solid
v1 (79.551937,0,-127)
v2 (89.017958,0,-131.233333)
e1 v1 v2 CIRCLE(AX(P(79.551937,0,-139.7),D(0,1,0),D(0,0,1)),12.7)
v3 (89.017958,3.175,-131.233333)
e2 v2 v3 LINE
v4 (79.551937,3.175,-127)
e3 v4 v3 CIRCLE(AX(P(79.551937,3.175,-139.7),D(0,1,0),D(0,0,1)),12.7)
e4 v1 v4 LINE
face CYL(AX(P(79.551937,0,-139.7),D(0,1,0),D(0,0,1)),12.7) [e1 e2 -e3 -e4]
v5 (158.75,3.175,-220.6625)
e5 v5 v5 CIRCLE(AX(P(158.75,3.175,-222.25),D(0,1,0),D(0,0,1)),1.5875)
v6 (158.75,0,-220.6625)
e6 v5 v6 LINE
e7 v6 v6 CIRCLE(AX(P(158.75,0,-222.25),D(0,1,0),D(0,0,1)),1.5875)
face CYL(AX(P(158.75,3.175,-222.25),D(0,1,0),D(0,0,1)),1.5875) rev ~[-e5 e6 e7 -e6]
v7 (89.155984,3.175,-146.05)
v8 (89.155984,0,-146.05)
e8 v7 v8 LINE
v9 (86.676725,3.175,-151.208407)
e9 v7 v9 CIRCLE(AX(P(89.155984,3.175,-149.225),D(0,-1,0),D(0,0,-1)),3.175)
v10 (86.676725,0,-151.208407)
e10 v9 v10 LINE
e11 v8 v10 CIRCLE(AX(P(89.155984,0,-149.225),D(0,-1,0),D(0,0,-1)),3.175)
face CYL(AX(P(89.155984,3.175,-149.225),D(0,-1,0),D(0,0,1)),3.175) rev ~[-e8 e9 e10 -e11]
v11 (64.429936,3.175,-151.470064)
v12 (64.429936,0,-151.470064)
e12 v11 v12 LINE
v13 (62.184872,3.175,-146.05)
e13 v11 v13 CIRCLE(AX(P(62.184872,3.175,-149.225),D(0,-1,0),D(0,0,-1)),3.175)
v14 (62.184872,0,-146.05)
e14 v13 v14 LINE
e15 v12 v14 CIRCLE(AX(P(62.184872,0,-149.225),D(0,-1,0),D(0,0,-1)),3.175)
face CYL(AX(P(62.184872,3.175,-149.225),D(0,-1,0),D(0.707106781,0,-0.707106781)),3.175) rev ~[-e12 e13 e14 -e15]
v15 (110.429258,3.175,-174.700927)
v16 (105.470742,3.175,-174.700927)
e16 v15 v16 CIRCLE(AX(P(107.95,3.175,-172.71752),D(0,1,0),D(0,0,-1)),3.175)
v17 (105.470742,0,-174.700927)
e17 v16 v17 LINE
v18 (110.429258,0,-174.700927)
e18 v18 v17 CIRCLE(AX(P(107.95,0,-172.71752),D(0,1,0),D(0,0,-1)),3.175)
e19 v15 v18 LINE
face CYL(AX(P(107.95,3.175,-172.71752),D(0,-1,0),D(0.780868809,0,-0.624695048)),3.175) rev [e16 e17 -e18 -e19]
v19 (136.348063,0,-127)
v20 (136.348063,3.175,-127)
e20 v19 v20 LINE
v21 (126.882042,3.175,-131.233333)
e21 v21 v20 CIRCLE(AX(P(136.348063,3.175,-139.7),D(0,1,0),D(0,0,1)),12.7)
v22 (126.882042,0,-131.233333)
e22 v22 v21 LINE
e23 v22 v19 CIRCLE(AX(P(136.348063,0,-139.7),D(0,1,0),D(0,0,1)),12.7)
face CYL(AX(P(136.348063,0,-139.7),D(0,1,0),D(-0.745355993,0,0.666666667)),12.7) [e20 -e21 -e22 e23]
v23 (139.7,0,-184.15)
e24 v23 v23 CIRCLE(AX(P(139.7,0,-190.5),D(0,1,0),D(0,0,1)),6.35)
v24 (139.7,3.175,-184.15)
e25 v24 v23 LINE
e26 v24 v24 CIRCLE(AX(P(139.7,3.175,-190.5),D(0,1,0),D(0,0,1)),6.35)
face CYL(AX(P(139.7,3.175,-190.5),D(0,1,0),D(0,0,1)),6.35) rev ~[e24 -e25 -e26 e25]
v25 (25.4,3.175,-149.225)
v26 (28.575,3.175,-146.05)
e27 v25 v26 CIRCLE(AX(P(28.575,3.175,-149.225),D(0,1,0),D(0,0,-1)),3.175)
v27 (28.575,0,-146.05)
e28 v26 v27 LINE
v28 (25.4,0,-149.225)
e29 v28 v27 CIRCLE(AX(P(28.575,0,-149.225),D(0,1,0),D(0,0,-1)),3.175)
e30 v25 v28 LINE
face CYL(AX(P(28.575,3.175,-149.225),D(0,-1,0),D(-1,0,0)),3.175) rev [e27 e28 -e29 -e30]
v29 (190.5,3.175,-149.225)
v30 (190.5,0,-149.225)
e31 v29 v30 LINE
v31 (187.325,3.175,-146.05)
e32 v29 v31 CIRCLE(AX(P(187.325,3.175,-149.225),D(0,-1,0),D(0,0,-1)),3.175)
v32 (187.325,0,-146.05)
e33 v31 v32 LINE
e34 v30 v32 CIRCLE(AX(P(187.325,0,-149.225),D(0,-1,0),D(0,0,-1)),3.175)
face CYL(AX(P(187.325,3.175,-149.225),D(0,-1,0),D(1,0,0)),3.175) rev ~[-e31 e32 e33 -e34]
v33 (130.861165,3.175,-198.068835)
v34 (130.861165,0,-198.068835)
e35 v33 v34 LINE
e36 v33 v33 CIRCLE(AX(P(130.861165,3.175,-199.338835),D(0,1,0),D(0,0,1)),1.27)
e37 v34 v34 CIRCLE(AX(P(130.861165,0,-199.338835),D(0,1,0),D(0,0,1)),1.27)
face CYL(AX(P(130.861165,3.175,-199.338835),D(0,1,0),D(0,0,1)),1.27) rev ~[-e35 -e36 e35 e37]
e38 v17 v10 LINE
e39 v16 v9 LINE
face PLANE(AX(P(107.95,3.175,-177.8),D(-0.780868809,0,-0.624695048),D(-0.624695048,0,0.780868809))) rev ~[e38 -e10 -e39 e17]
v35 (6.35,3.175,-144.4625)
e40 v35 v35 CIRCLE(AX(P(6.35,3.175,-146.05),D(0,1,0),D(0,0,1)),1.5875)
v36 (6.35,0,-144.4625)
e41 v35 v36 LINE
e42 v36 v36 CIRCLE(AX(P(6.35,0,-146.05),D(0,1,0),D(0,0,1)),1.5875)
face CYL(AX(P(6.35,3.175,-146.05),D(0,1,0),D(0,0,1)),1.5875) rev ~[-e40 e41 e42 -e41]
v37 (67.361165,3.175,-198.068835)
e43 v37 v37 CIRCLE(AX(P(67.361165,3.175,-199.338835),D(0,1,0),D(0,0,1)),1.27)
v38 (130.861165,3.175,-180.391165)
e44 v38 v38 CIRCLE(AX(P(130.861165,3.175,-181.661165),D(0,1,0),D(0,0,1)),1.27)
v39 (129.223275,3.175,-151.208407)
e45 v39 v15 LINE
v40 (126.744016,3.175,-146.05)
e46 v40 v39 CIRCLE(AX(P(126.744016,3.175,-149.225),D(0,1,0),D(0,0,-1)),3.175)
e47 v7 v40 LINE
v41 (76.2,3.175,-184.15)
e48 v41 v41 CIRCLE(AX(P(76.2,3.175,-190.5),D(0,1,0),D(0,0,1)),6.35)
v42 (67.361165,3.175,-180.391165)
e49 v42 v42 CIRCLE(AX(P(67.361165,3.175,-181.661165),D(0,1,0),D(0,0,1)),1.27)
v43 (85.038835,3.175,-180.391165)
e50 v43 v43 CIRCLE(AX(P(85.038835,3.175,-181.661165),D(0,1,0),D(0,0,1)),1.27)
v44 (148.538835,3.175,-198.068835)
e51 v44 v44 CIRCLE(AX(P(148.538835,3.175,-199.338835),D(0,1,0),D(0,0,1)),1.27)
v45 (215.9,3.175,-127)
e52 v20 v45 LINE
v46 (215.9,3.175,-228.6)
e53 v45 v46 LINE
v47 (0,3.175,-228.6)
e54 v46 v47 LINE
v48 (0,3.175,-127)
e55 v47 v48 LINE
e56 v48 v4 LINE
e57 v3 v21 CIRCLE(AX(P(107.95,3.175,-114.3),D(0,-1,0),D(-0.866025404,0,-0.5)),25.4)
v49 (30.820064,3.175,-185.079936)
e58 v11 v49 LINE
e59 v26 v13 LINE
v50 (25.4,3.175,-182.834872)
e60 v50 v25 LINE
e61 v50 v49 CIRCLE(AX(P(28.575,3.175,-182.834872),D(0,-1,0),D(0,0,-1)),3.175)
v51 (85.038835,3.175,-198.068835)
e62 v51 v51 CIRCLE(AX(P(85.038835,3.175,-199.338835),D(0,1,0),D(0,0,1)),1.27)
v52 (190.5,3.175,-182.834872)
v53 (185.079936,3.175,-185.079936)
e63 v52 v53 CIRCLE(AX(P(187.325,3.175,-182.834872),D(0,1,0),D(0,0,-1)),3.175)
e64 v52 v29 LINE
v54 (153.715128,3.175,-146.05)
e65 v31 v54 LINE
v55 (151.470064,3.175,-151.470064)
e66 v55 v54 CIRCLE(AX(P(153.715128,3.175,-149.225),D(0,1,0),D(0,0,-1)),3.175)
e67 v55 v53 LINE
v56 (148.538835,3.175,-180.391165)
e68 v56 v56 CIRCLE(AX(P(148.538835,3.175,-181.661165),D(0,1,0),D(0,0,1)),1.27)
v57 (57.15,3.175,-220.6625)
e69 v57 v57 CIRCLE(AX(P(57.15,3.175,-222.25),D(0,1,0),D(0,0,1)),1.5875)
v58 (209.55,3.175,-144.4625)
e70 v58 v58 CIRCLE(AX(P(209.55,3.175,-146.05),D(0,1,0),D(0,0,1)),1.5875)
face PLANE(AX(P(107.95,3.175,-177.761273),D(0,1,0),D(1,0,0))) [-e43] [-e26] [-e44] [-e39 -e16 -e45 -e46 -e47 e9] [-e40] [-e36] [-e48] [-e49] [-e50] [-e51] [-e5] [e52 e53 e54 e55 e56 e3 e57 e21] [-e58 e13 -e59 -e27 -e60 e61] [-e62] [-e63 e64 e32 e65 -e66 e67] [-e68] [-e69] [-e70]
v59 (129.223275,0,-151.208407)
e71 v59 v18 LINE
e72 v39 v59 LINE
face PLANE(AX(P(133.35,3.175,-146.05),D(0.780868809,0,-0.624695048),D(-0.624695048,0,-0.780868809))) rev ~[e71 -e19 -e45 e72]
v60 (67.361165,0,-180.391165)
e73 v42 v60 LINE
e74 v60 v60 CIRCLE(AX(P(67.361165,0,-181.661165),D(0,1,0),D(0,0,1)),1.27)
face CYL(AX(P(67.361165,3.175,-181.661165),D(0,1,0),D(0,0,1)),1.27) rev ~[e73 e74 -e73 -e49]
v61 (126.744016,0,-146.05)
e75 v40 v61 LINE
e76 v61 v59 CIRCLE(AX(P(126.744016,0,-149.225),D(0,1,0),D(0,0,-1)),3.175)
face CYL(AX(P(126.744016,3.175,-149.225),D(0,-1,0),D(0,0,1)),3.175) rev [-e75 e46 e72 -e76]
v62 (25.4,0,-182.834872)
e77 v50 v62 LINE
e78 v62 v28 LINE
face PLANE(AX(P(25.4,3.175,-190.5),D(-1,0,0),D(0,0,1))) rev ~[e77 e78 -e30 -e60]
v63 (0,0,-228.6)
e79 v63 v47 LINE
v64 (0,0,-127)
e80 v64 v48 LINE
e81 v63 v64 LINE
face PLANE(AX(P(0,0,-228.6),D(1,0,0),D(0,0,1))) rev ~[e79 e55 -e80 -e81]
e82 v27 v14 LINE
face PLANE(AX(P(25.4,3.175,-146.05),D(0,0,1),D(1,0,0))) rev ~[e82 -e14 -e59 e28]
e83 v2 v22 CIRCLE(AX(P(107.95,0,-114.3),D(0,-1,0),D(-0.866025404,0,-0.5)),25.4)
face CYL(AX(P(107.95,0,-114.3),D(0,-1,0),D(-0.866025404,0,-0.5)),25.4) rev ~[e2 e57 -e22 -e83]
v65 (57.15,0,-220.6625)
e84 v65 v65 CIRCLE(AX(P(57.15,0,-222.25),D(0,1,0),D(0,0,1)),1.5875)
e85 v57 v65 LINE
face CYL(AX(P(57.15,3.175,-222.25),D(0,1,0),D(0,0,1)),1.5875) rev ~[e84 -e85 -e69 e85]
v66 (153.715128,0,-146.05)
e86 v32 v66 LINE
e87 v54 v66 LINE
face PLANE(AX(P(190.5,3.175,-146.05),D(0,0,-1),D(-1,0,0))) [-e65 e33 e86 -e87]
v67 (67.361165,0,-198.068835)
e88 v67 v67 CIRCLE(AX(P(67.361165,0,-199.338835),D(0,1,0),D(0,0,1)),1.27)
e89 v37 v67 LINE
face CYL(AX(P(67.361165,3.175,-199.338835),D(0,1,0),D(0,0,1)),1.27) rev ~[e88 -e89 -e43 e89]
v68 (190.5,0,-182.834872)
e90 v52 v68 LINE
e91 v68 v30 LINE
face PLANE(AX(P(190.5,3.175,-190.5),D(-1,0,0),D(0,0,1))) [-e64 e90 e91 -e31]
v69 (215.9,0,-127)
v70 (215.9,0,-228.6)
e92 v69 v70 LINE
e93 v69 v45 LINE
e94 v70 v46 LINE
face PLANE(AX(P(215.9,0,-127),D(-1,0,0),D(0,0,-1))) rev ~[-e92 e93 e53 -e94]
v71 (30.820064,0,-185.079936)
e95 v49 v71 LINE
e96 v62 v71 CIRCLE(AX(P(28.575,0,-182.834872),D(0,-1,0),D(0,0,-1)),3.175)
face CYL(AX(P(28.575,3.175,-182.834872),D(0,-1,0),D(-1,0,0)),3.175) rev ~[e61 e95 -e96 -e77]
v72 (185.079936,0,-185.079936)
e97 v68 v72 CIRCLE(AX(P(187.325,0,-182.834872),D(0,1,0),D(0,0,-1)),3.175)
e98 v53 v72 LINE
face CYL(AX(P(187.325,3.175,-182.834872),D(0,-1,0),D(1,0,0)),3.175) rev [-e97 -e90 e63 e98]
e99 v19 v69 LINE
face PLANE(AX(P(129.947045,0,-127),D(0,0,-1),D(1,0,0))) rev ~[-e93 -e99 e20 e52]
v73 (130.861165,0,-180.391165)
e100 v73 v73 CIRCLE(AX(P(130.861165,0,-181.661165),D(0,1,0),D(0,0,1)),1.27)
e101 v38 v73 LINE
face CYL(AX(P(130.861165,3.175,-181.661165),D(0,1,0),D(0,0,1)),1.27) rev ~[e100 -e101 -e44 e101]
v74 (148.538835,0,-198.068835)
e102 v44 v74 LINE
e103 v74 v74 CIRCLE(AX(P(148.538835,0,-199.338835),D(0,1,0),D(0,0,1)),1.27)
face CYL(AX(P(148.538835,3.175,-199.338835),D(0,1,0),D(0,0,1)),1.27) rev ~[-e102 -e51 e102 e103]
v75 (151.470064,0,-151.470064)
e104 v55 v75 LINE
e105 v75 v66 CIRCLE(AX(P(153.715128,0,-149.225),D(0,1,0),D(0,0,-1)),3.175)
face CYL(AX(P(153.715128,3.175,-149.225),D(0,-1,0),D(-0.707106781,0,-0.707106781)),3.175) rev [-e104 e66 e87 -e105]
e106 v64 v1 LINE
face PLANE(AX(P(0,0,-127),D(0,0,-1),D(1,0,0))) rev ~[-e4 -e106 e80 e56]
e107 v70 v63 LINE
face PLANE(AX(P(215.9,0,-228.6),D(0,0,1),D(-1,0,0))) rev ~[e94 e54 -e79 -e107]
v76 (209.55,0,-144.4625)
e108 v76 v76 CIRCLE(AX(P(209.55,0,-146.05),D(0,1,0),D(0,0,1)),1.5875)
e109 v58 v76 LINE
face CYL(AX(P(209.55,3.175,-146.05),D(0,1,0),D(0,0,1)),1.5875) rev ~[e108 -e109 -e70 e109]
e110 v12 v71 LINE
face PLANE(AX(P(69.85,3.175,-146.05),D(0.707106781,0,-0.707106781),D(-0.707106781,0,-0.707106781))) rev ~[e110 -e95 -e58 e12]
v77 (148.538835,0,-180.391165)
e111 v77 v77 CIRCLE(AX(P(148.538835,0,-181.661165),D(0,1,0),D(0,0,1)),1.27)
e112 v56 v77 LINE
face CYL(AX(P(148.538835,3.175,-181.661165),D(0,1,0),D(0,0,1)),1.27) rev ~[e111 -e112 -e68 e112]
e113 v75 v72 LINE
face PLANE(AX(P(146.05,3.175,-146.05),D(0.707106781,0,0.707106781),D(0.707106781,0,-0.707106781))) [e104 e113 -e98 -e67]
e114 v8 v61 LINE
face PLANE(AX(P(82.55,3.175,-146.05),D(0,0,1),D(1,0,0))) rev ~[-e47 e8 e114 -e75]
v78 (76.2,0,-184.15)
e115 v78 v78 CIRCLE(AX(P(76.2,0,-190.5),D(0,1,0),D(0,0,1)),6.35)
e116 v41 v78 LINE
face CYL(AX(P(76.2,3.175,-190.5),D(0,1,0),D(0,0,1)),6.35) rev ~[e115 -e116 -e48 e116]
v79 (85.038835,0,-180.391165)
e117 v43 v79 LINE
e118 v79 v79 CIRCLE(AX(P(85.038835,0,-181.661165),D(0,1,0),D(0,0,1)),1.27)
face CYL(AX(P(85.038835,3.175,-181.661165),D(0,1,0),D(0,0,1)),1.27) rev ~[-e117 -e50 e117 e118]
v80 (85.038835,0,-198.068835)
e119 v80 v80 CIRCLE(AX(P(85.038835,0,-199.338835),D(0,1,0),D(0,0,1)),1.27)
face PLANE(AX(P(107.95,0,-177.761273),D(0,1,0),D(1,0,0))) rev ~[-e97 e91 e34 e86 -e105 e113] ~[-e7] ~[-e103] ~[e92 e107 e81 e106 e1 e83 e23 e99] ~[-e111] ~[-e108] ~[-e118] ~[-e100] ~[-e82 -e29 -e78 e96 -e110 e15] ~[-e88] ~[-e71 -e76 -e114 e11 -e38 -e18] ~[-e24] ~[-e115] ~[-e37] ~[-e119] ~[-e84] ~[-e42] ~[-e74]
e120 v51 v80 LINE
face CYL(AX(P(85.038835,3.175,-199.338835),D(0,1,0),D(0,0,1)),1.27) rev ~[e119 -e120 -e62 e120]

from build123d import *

# Parameters (mm, degrees)
BOSS_EXTRUDE1_DEPTH = 3.175
SKETCH2_R           = 6.35
CUT_EXTRUDE1_DEPTH  = 315.453256661
FILLET1_R           = 12.7
SKETCH3_R           = 1.27
CUT_EXTRUDE2_DEPTH  = 315.453256661
SKETCH4_R           = 1.5875
CUT_EXTRUDE3_DEPTH  = 315.453256661
CUT_EXTRUDE4_DEPTH  = 315.453256661
CUT_EXTRUDE5_DEPTH  = 315.453256661
FILLET2_R           = 3.175


with BuildPart() as part:
    # Sketch1 → Boss-Extrude1 (new body)
    with BuildSketch(Plane(origin=(0, 0, 0), x_dir=(1, 0, 0), z_dir=(0, 1, 0))):
        with BuildLine():
            Line((0, 228.6), (0, 127))
            Line((0, 127), (85.952954744, 127))
            ThreePointArc((85.952954744, 127), (107.95, 139.7), (129.947045256, 127))
            Line((129.947045256, 127), (215.9, 127))
            Line((215.9, 127), (215.9, 228.6))
            Line((215.9, 228.6), (0, 228.6))
        make_face()
    extrude(amount=BOSS_EXTRUDE1_DEPTH)

    # Sketch2 → Cut-Extrude1 (cut, through all)
    with BuildSketch(Plane(origin=(0, 3.175, 0), x_dir=(1, 0, 0), z_dir=(0, 1, 0))):
        with Locations(Location((76.2, 190.5, 0), (0, 0, 270))):
            Circle(SKETCH2_R)
        with Locations(Location((139.7, 190.5, 0), (0, 0, 270))):
            Circle(SKETCH2_R)
    extrude(amount=-CUT_EXTRUDE1_DEPTH, mode=Mode.SUBTRACT)

    # Fillet1
    fillet1_edges = [part.edges().sort_by_distance(p)[0] for p in [
        (85.952954744, 1.5875, -127),
        (129.947045256, 1.5875, -127),
    ]]
    fillet(fillet1_edges, radius=FILLET1_R)

    # Sketch3 → Cut-Extrude2 (cut, through all)
    with BuildSketch(Plane(origin=(0, 3.175, 0), x_dir=(1, 0, 0), z_dir=(0, 1, 0))):
        with Locations(Location((85.038834765, 199.338834765, 0), (0, 0, 270))):
            Circle(SKETCH3_R)
        with Locations(Location((67.361165235, 181.661165235, 0), (0, 0, 270))):
            Circle(SKETCH3_R)
        with Locations(Location((67.361165235, 199.338834765, 0), (0, 0, 270))):
            Circle(SKETCH3_R)
        with Locations(Location((85.038834765, 181.661165235, 0), (0, 0, 270))):
            Circle(SKETCH3_R)
        with Locations(Location((130.861165235, 181.661165235, 0), (0, 0, 270))):
            Circle(SKETCH3_R)
        with Locations(Location((148.538834765, 181.661165235, 0), (0, 0, 270))):
            Circle(SKETCH3_R)
        with Locations(Location((148.538834765, 199.338834765, 0), (0, 0, 270))):
            Circle(SKETCH3_R)
        with Locations(Location((130.861165235, 199.338834765, 0), (0, 0, 270))):
            Circle(SKETCH3_R)
    extrude(amount=-CUT_EXTRUDE2_DEPTH, mode=Mode.SUBTRACT)

    # Sketch4 → Cut-Extrude3 (cut, through all)
    with BuildSketch(Plane(origin=(0, 3.175, 0), x_dir=(1, 0, 0), z_dir=(0, 1, 0))):
        with Locations(Location((6.35, 146.05, 0), (0, 0, 270))):
            Circle(SKETCH4_R)
        with Locations(Location((57.15, 222.25, 0), (0, 0, 270))):
            Circle(SKETCH4_R)
        with Locations(Location((158.75, 222.25, 0), (0, 0, 270))):
            Circle(SKETCH4_R)
        with Locations(Location((209.55, 146.05, 0), (0, 0, 270))):
            Circle(SKETCH4_R)
    extrude(amount=-CUT_EXTRUDE3_DEPTH, mode=Mode.SUBTRACT)

    # Sketch5 → Cut-Extrude4 (cut, through all)
    with BuildSketch(Plane(origin=(0, 3.175, 0), x_dir=(1, 0, 0), z_dir=(0, 1, 0))):
        Polygon((25.4, 190.5), (25.4, 146.05), (69.85, 146.05), align=None)
        Polygon((190.5, 146.05), (146.05, 146.05), (190.5, 190.5), align=None)
    extrude(amount=-CUT_EXTRUDE4_DEPTH, mode=Mode.SUBTRACT)

    # Sketch6 → Cut-Extrude5 (cut, through all)
    with BuildSketch(Plane(origin=(0, 3.175, 0), x_dir=(1, 0, 0), z_dir=(0, 1, 0))):
        Polygon((82.55, 146.05), (133.35, 146.05), (107.95, 177.8), align=None)
    extrude(amount=-CUT_EXTRUDE5_DEPTH, mode=Mode.SUBTRACT)

    # Fillet2
    fillet2_edges = [part.edges().sort_by_distance(p)[0] for p in [
        (25.4, 1.5875, -190.5),
        (69.85, 1.5875, -146.05),
        (25.4, 1.5875, -146.05),
        (190.5, 1.5875, -190.5),
        (190.5, 1.5875, -146.05),
        (146.05, 1.5875, -146.05),
        (82.55, 1.5875, -146.05),
        (107.95, 1.5875, -177.8),
        (133.35, 1.5875, -146.05),
    ]]
    fillet(fillet2_edges, radius=FILLET2_R)


solid = part.part
